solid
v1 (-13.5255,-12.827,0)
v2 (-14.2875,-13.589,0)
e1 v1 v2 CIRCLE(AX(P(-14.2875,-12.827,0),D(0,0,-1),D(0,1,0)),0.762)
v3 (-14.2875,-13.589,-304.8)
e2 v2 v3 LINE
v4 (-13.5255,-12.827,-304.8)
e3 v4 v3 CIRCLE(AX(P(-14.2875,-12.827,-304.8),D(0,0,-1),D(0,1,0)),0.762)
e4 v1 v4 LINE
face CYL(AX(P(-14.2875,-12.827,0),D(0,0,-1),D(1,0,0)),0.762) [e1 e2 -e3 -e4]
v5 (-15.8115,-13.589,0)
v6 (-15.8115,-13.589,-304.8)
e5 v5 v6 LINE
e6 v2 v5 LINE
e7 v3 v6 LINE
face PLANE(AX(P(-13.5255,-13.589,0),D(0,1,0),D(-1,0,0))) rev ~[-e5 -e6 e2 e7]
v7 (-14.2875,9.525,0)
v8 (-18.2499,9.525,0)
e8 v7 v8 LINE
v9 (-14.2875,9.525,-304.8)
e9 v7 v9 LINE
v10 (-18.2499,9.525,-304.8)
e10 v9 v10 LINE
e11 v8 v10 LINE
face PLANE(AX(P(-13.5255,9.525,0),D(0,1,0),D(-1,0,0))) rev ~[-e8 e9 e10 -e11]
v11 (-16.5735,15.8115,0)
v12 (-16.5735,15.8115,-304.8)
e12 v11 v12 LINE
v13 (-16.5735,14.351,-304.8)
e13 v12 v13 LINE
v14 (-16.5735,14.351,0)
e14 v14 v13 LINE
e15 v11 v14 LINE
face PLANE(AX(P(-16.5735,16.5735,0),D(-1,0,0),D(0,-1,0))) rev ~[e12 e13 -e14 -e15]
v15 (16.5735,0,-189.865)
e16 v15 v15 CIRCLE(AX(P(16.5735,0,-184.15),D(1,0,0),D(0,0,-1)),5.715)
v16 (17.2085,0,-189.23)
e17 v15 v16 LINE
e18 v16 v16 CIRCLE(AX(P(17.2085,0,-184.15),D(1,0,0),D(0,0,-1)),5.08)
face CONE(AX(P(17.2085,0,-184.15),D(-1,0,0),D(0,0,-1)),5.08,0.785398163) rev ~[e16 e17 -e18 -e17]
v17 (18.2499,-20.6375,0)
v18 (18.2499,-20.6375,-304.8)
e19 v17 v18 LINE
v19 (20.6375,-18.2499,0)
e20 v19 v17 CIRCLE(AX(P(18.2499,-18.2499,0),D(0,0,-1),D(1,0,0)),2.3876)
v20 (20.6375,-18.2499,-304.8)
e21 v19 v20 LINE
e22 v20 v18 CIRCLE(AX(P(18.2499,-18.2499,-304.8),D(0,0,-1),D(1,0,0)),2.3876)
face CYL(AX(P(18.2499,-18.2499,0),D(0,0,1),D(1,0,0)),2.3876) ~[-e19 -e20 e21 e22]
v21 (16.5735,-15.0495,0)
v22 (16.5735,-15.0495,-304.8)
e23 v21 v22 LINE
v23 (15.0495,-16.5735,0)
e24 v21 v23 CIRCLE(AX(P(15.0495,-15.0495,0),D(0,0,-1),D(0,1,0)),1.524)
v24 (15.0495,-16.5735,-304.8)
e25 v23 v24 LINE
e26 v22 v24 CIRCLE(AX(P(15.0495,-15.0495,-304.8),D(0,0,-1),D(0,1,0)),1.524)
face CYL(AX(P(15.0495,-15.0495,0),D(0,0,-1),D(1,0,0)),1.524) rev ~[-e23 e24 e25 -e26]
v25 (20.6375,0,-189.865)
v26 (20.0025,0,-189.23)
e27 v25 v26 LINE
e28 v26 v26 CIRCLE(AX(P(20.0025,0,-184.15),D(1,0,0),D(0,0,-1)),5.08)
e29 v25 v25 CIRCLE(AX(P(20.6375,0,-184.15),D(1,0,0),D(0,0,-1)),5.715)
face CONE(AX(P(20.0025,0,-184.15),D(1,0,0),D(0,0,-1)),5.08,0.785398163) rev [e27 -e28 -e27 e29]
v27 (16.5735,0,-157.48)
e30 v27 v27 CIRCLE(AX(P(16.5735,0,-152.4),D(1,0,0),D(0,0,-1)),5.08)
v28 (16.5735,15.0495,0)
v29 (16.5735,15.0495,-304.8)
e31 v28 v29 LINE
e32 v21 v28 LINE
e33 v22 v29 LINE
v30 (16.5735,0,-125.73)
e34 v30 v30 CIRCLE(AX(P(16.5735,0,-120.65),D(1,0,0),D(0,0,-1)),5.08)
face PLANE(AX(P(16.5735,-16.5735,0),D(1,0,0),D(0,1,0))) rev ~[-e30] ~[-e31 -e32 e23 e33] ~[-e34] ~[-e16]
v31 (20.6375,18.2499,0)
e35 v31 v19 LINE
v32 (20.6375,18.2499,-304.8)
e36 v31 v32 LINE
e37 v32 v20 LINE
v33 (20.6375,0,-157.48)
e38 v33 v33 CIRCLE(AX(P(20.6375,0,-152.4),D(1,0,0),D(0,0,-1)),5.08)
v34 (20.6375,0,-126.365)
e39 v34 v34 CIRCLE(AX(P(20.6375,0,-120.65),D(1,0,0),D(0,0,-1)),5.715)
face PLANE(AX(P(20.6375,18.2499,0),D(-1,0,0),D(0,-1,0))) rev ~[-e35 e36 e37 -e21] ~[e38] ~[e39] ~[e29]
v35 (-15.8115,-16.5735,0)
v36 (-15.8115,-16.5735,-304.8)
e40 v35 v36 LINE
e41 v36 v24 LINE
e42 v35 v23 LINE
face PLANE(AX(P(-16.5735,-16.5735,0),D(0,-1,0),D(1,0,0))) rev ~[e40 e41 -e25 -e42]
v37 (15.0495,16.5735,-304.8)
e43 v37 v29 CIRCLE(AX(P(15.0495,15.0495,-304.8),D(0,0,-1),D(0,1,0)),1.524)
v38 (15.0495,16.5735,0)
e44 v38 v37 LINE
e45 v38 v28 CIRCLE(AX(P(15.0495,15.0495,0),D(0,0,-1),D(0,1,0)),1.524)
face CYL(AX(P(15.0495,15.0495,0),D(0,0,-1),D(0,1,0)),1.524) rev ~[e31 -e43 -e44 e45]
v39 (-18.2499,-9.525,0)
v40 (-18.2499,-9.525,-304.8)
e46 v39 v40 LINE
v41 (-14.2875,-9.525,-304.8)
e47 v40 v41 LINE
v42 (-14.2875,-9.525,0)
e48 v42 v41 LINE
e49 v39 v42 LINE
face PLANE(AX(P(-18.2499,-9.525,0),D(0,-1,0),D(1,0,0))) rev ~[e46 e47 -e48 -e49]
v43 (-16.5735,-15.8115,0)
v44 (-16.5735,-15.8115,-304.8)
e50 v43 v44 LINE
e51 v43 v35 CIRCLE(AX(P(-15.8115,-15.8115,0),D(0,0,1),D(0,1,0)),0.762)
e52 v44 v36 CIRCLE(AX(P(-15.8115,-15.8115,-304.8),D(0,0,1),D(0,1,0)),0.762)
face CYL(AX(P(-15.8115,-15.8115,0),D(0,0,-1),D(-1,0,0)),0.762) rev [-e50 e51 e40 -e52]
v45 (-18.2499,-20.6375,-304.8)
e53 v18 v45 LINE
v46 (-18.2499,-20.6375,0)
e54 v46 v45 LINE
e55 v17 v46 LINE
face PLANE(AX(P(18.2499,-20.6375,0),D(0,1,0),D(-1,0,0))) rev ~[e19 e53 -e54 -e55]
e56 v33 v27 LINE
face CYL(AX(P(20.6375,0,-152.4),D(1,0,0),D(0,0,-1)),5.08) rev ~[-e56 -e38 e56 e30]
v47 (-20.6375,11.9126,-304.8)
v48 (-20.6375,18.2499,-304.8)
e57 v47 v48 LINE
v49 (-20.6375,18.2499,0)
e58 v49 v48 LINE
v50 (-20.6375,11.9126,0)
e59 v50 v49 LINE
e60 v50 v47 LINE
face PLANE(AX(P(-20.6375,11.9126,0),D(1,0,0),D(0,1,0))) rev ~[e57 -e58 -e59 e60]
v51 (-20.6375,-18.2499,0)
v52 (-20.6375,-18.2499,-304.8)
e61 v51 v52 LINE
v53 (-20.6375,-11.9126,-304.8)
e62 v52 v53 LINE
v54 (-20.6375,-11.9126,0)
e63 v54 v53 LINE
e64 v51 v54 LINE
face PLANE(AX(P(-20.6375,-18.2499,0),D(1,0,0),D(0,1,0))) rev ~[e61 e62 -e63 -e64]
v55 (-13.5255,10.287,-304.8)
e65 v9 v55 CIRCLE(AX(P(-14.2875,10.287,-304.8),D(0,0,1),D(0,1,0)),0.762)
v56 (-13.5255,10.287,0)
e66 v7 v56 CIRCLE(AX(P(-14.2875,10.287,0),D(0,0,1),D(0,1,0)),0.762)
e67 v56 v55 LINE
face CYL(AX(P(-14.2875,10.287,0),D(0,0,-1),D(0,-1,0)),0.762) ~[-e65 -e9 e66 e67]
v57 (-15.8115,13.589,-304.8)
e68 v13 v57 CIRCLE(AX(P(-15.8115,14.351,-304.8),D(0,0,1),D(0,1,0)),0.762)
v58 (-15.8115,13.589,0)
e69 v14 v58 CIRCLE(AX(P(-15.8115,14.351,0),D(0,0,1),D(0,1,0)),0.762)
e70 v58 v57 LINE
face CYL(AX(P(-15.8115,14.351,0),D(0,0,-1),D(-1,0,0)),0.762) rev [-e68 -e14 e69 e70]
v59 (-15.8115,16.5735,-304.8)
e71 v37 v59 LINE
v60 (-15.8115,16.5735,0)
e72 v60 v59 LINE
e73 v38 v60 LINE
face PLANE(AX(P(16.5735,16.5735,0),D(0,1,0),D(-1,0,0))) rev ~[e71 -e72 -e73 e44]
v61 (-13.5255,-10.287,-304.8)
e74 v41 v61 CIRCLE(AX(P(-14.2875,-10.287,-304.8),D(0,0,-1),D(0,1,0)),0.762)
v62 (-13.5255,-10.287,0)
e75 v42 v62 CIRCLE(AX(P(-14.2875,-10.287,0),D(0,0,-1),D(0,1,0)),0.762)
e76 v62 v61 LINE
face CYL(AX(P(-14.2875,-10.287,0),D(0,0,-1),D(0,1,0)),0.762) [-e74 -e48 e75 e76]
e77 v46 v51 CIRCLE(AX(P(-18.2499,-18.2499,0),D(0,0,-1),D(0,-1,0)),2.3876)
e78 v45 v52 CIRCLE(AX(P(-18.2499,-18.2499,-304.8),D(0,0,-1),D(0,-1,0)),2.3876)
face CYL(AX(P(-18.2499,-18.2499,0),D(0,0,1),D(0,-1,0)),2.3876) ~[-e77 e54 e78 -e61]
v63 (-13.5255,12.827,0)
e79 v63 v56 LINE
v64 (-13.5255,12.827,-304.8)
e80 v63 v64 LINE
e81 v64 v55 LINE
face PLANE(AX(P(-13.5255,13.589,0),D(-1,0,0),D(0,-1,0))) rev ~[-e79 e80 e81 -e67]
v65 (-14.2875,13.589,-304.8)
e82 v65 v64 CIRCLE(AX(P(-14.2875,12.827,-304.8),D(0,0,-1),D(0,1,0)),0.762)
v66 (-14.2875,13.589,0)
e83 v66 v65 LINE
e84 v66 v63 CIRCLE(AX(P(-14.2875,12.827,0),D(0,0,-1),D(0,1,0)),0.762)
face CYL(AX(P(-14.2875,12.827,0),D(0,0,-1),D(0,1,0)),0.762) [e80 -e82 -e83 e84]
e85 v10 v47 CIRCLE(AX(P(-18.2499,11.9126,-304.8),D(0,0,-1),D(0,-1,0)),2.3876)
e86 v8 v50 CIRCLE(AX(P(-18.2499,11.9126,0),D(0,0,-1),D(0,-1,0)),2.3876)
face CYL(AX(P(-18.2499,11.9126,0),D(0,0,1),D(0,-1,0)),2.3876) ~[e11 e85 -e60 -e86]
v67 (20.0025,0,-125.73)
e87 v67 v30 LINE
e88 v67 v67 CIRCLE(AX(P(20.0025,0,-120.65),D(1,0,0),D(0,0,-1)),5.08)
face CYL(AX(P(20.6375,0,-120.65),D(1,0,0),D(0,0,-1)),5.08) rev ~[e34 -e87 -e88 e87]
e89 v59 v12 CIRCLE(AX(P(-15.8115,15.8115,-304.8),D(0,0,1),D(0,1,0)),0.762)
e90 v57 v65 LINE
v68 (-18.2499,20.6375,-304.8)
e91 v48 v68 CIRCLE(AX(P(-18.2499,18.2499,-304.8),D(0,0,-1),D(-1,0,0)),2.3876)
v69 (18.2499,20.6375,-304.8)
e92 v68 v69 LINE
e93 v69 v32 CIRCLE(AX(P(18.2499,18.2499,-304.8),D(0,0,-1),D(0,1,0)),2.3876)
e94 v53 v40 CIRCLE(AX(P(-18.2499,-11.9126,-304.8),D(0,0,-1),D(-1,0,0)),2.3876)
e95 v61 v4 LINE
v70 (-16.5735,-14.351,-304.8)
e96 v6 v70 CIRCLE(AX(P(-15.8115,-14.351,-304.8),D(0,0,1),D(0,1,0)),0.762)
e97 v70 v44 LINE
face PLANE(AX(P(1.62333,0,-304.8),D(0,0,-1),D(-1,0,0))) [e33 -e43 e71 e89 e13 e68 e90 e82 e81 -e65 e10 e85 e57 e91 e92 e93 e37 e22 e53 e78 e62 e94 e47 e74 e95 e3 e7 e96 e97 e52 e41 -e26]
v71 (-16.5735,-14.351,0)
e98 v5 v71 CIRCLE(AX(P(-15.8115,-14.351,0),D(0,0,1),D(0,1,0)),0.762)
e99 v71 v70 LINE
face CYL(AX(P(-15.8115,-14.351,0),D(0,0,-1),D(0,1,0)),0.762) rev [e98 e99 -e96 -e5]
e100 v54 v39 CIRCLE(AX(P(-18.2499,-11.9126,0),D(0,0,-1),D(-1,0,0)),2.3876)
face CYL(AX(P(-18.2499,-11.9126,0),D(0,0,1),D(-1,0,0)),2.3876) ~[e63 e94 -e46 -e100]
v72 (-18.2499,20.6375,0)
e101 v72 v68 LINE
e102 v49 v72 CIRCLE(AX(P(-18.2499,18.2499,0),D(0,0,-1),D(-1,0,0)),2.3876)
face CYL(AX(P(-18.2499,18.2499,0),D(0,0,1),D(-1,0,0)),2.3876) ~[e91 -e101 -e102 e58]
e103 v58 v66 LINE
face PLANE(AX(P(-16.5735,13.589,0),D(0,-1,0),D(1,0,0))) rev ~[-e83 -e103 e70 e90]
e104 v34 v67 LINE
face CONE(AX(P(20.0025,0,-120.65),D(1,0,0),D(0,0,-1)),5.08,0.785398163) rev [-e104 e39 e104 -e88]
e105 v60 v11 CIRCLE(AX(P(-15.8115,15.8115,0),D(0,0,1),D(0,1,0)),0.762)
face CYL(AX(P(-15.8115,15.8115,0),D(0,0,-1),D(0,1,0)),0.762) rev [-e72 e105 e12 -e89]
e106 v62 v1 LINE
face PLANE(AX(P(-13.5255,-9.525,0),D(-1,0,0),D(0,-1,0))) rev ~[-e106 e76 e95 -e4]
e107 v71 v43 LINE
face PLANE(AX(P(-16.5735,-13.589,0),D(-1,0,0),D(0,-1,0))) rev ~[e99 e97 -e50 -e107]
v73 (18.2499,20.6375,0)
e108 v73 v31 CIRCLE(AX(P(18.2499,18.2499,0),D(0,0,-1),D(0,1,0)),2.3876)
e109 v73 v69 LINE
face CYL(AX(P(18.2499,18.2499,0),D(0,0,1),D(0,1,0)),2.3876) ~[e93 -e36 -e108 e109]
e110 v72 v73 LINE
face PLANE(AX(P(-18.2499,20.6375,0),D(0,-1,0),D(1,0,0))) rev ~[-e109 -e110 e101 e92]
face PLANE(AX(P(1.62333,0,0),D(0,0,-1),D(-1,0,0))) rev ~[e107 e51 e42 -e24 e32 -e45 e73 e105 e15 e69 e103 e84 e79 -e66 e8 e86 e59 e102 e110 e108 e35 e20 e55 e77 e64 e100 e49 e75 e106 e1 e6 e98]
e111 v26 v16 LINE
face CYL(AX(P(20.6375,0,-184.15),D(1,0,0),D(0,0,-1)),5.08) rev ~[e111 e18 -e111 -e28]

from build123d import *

# Parameters (mm, degrees)
EXTRUDE_THIN1_DEPTH = 304.8
FILLET2_R           = 0.762
FILLET3_R           = 1.524
SKETCH4_R           = 5.08
CUT_EXTRUDE1_DEPTH  = 309.273534432
CHAMFER1_SIZE       = 0.635


with BuildPart() as part:
    # Sketch1 → Extrude-Thin1 (new body)
    with BuildSketch(Plane.XY):
        with BuildLine():
            Line((-13.5255, 9.525), (-18.2499, 9.525))
            ThreePointArc((-18.2499, 9.525), (-19.938188151, 10.224311849), (-20.6375, 11.9126))
            Line((-20.6375, 11.9126), (-20.6375, 18.2499))
            ThreePointArc((-20.6375, 18.2499), (-19.938188151, 19.938188151), (-18.2499, 20.6375))
            Line((-18.2499, 20.6375), (18.2499, 20.6375))
            ThreePointArc((18.2499, 20.6375), (19.938188151, 19.938188151), (20.6375, 18.2499))
            Line((20.6375, 18.2499), (20.6375, -18.2499))
            ThreePointArc((20.6375, -18.2499), (19.938188151, -19.938188151), (18.2499, -20.6375))
            Line((18.2499, -20.6375), (-18.2499, -20.6375))
            ThreePointArc((-18.2499, -20.6375), (-19.938188151, -19.938188151), (-20.6375, -18.2499))
            Line((-20.6375, -18.2499), (-20.6375, -11.9126))
            ThreePointArc((-20.6375, -11.9126), (-19.938188151, -10.224311849), (-18.2499, -9.525))
            Line((-18.2499, -9.525), (-13.5255, -9.525))
            Line((-13.5255, -9.525), (-13.5255, -13.589))
            Line((-13.5255, -13.589), (-16.5735, -13.589))
            Line((-16.5735, -13.589), (-16.5735, -16.5735))
            Line((-16.5735, -16.5735), (16.5735, -16.5735))
            Line((16.5735, -16.5735), (16.5735, 16.5735))
            Line((16.5735, 16.5735), (-16.5735, 16.5735))
            Line((-16.5735, 16.5735), (-16.5735, 13.589))
            Line((-16.5735, 13.589), (-13.5255, 13.589))
            Line((-13.5255, 13.589), (-13.5255, 9.525))
        make_face()
    extrude(amount=-EXTRUDE_THIN1_DEPTH)

    # Fillet2
    fillet2_edges = [part.edges().sort_by_distance(p)[0] for p in [
        (-16.5735, -13.589, -152.4),
        (-16.5735, -16.5735, -152.4),
        (-16.5735, 16.5735, -152.4),
        (-16.5735, 13.589, -152.4),
        (-13.5255, 13.589, -152.4),
        (-13.5255, 9.525, -152.4),
        (-13.5255, -9.525, -152.4),
        (-13.5255, -13.589, -152.4),
    ]]
    fillet(fillet2_edges, radius=FILLET2_R)

    # Fillet3
    fillet3_edges = [part.edges().sort_by_distance(p)[0] for p in [
        (16.5735, -16.5735, -152.4),
        (16.5735, 16.5735, -152.4),
    ]]
    fillet(fillet3_edges, radius=FILLET3_R)

    # Sketch4 → Cut-Extrude1 (cut, through all)
    with BuildSketch(Plane(origin=(20.6375, 0, 0), x_dir=(0, 0, -1), z_dir=(1, 0, 0))):
        with Locations((152.4, 0)):
            Circle(SKETCH4_R)
        with Locations((184.15, 0)):
            Circle(SKETCH4_R)
        with Locations((120.65, 0)):
            Circle(SKETCH4_R)
    extrude(amount=-CUT_EXTRUDE1_DEPTH, mode=Mode.SUBTRACT)

    # Chamfer1
    chamfer1_edges = [part.edges().sort_by_distance(p)[0] for p in [
        (20.6375, 0, -115.57),
        (16.5735, 0, -179.07),
        (20.6375, 0, -179.07),
    ]]
    chamfer(chamfer1_edges, length=CHAMFER1_SIZE)


solid = part.part
